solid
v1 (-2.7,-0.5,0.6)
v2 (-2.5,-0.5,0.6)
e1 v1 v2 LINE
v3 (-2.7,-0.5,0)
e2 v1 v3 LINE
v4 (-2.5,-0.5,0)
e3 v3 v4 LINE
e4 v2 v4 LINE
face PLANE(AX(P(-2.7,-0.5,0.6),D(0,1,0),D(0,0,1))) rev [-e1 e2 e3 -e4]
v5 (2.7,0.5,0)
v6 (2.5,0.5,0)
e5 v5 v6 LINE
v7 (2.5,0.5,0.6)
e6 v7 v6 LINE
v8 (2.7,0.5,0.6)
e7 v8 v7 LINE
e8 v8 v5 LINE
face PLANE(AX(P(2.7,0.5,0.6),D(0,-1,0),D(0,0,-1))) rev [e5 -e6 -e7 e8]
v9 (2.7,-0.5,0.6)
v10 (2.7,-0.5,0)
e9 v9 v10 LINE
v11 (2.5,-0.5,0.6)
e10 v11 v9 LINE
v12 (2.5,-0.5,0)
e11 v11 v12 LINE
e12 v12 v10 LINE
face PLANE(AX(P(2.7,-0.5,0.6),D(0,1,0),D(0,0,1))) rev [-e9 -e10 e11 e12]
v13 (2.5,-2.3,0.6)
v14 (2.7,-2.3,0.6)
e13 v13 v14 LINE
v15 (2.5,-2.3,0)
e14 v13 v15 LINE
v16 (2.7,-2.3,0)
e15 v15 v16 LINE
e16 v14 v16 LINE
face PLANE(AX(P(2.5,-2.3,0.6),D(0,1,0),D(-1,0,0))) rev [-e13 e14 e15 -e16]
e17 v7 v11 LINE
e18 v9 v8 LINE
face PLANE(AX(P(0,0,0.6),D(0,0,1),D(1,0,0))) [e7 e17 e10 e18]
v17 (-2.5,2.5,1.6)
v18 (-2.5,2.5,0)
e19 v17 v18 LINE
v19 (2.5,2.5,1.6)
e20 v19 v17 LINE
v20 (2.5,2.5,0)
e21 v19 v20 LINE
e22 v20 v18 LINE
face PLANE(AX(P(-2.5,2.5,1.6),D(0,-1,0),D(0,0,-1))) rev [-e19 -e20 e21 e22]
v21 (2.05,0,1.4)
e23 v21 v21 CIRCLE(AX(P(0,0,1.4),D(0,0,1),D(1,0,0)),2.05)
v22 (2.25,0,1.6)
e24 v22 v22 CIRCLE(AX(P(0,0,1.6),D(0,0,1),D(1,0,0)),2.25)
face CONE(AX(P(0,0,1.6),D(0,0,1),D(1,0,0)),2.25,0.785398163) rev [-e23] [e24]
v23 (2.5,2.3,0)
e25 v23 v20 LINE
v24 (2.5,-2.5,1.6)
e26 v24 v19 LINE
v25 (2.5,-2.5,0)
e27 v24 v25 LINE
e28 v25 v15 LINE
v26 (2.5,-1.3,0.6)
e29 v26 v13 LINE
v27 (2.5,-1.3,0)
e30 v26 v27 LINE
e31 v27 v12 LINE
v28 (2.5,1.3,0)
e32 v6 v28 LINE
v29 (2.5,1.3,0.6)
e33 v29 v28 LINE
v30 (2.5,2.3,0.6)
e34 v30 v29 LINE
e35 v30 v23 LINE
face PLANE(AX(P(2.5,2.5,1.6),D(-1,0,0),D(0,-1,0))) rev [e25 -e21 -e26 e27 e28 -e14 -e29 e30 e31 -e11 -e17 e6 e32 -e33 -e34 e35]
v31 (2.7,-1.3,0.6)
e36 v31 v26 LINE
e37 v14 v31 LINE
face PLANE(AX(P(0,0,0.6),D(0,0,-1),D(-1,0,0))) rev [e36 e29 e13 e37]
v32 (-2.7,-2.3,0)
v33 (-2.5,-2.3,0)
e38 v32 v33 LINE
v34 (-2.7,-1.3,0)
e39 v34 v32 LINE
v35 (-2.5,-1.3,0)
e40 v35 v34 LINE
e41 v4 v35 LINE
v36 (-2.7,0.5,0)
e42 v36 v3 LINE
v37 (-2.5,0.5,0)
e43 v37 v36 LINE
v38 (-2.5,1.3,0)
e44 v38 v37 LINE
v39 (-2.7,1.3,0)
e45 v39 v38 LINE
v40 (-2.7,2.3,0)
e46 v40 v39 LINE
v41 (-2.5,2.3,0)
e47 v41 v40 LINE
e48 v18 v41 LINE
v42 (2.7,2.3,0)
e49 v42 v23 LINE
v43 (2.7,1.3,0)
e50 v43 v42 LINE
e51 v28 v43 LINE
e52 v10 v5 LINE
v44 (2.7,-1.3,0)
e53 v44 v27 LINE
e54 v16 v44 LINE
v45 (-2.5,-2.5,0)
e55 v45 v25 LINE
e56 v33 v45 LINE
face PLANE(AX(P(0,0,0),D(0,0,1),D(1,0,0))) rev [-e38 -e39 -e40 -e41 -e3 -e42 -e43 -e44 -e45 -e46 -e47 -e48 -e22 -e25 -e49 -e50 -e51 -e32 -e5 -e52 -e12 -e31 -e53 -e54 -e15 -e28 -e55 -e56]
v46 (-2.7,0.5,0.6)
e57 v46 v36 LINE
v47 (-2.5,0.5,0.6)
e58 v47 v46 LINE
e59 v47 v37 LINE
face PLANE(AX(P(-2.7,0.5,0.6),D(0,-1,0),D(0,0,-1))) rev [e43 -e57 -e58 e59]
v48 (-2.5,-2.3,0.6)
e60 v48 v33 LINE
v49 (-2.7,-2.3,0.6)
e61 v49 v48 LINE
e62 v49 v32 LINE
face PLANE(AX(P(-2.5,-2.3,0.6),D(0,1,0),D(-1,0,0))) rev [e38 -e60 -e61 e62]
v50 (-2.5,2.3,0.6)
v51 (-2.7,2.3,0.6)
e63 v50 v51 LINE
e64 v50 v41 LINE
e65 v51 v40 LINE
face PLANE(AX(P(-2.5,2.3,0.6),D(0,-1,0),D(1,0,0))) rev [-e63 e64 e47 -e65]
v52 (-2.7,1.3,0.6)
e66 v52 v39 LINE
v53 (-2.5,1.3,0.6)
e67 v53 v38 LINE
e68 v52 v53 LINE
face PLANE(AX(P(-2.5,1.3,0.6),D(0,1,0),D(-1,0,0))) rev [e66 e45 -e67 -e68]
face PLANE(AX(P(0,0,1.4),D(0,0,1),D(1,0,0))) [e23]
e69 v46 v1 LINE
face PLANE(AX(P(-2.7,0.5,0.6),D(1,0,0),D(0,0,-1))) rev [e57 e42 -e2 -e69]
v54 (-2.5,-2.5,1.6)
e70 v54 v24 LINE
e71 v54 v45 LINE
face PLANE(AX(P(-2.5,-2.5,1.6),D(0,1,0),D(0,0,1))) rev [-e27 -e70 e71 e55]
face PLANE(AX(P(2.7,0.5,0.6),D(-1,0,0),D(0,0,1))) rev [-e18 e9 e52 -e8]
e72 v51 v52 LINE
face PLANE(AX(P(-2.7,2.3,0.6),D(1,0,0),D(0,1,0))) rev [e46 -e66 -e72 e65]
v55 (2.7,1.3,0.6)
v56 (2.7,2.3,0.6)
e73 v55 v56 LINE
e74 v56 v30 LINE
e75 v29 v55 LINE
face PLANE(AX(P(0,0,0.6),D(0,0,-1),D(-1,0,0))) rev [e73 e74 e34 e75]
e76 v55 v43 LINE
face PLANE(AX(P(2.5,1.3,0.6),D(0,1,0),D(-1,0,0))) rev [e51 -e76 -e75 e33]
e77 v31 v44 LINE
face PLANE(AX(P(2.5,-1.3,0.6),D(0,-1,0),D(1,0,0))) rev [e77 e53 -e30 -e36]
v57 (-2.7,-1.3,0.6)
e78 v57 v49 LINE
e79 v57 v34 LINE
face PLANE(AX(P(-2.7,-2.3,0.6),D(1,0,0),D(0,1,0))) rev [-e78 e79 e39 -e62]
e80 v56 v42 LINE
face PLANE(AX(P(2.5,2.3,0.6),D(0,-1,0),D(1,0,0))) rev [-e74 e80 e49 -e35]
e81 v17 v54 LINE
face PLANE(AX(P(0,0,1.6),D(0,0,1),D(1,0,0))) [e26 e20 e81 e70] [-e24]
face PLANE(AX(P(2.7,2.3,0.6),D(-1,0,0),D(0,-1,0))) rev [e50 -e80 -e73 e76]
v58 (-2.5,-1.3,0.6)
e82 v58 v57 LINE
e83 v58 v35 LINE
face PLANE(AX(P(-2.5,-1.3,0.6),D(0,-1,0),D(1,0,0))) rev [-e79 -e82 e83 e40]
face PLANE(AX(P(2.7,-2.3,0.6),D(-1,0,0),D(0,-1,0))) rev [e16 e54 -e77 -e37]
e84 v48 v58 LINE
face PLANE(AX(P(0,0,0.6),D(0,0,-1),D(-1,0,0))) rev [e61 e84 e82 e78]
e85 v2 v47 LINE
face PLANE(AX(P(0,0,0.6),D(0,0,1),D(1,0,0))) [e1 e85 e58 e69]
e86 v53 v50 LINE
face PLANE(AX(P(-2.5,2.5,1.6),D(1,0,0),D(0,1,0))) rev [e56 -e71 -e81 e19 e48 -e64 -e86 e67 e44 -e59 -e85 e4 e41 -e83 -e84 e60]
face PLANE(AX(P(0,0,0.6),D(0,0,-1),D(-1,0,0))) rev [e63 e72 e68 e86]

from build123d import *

# Parameters (mm, degrees)
SKETCH1_W           = 5
SKETCH1_H           = 5
BOSS_EXTRUDE1_DEPTH = 1.6
SKETCH2_R           = 2.25
CUT_EXTRUDE1_DEPTH  = 0.2
CUT_EXTRUDE1_DRAFT  = -45
SKETCH3_W           = 0.2
SKETCH3_H           = 1
BOSS_EXTRUDE2_DEPTH = 0.6


with BuildPart() as part:
    # Sketch1 → Boss-Extrude1 (new body)
    with BuildSketch(Plane.XY):
        Rectangle(SKETCH1_W, SKETCH1_H)
    extrude(amount=BOSS_EXTRUDE1_DEPTH)


with BuildPart() as cut_extrude1_tool:
    # Sketch2 → Cut-Extrude1 (with draft: the straight prism first)
    with BuildSketch(Plane.XY.offset(1.6)):
        Circle(SKETCH2_R)
    extrude(amount=-CUT_EXTRUDE1_DEPTH)
    # Cut-Extrude1: the draft: its side faces are tilted about the plane it starts from
    cut_extrude1_sides = [cut_extrude1_tool.faces().sort_by_distance(p)[0] for p in [
        (-2.25, 0, 1.5),
    ]]
    draft(cut_extrude1_sides, Plane.XY.offset(1.6), CUT_EXTRUDE1_DRAFT)


with BuildPart() as part_1:
    add(part.part)

    # Cut-Extrude1: cut by cut_extrude1_tool
    add(cut_extrude1_tool.part, mode=Mode.SUBTRACT)

    # Sketch3 → Boss-Extrude2 (add)
    with BuildSketch(Plane.XY):
        with Locations((-2.6, 1.8)):
            Rectangle(SKETCH3_W, SKETCH3_H)
        with Locations((2.6, 1.8)):
            Rectangle(SKETCH3_W, SKETCH3_H)
        with Locations((2.6, -1.8)):
            Rectangle(SKETCH3_W, SKETCH3_H)
        with Locations((-2.6, -1.8)):
            Rectangle(SKETCH3_W, SKETCH3_H)
        with Locations((2.6, 0)):
            Rectangle(SKETCH3_W, SKETCH3_H)
        with Locations((-2.6, 0)):
            Rectangle(SKETCH3_W, SKETCH3_H)
    extrude(amount=BOSS_EXTRUDE2_DEPTH)


solid = part_1.part
